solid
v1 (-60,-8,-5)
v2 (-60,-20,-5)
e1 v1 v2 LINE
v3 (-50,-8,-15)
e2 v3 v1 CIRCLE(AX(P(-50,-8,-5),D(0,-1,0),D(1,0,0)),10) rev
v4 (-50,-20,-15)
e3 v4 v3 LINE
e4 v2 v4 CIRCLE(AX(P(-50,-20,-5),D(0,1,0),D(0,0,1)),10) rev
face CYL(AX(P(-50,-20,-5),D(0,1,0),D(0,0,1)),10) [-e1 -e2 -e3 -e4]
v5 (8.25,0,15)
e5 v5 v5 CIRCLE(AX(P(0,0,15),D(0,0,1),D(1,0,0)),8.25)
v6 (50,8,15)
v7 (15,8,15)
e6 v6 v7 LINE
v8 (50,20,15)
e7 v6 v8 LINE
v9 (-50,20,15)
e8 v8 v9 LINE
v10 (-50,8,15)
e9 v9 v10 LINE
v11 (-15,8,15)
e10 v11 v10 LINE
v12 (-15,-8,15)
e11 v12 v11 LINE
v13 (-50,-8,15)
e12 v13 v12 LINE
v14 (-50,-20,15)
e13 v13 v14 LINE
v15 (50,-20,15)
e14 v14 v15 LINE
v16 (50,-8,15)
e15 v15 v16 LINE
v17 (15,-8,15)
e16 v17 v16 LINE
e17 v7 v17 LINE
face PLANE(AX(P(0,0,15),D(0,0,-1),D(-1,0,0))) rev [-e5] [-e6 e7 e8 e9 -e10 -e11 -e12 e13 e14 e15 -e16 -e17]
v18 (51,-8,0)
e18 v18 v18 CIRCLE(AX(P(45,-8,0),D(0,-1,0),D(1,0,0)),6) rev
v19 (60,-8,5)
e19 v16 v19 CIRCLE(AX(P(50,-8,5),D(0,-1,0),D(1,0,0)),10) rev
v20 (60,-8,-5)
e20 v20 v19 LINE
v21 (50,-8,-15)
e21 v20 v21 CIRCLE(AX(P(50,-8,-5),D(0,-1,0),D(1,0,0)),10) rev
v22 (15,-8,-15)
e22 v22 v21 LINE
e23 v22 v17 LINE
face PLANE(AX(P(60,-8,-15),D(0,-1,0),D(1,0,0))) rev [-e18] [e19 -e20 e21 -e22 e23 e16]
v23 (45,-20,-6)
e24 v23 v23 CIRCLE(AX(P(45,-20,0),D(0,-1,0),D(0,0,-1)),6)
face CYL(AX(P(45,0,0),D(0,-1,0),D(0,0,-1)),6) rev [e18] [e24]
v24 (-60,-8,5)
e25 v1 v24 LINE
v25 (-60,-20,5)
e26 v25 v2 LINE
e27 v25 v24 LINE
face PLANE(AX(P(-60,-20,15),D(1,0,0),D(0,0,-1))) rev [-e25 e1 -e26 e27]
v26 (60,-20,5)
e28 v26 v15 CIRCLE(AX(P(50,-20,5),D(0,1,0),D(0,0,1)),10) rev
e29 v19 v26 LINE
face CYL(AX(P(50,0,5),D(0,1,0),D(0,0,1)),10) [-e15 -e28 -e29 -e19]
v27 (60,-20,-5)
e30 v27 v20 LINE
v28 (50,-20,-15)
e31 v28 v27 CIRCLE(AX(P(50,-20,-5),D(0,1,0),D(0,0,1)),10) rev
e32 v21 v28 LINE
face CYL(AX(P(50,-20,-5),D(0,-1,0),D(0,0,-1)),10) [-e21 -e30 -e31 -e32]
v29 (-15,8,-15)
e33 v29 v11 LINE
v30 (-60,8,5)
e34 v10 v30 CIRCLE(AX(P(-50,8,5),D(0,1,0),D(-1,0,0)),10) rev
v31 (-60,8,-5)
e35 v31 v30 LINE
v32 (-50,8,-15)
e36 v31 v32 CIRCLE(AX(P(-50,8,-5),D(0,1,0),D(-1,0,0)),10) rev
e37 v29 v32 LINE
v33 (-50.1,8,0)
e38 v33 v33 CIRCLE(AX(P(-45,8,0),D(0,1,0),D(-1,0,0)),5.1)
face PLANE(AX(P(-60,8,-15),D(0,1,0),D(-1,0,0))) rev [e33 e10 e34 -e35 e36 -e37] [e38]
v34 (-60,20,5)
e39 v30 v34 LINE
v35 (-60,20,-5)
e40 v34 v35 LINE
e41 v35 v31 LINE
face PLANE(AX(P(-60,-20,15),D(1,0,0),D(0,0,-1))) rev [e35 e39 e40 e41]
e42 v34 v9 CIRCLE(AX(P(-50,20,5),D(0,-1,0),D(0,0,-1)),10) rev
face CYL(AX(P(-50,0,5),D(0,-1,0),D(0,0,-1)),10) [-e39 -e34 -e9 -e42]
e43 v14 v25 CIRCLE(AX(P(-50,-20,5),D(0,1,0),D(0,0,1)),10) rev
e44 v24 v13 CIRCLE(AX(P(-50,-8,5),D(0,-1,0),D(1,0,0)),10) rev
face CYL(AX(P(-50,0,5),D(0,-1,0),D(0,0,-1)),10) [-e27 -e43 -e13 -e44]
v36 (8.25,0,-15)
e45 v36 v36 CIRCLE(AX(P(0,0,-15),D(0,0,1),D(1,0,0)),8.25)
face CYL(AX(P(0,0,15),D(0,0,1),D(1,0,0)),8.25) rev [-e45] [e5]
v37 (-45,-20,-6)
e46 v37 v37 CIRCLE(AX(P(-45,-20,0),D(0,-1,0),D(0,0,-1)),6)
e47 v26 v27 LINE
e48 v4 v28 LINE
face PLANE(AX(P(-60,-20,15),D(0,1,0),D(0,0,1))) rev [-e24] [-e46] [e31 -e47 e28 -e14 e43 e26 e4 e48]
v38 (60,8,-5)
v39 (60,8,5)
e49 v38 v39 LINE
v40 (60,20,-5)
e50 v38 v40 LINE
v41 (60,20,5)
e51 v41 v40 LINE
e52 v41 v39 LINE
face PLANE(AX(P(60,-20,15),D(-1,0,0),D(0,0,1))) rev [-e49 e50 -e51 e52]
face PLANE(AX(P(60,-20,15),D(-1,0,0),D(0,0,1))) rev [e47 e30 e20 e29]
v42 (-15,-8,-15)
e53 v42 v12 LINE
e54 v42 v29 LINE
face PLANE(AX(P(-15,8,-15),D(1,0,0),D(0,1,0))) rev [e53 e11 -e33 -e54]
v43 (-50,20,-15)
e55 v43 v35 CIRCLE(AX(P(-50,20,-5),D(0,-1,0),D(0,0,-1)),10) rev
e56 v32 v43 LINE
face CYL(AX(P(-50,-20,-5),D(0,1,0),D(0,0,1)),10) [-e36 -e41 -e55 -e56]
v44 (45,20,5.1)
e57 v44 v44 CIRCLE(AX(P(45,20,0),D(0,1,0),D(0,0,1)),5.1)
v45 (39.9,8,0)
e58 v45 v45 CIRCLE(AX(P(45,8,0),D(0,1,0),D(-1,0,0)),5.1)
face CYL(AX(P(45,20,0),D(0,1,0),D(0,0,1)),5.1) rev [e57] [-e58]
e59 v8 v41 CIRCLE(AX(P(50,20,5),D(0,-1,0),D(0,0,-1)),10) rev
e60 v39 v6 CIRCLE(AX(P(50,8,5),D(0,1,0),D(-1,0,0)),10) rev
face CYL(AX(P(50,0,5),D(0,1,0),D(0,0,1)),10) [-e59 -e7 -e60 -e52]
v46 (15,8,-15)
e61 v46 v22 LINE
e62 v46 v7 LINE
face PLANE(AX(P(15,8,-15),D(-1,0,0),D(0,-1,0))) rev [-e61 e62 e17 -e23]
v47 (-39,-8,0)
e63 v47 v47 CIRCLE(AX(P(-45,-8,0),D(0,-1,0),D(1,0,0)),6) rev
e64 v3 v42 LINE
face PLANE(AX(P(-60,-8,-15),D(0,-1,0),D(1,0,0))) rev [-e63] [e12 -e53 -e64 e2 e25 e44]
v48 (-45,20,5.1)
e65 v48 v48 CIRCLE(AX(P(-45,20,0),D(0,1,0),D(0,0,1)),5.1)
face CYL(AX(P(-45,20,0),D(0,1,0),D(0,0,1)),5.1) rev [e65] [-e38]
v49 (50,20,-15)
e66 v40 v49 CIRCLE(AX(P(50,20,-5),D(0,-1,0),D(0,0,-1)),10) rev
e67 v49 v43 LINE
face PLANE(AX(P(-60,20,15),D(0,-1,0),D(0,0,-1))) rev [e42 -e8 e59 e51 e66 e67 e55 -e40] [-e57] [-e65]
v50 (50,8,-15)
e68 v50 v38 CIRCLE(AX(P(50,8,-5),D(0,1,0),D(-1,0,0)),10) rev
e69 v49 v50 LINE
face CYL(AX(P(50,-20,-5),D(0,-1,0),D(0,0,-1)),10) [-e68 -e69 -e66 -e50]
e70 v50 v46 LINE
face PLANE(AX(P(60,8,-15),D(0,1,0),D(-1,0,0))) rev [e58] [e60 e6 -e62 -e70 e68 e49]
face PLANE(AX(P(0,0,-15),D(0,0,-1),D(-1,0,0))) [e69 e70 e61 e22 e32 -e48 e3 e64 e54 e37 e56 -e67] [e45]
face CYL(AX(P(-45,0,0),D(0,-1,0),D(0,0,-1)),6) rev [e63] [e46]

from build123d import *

# Parameters (mm, degrees)
SKETCH_1_W              = 120
SKETCH_1_H              = 40
EXTRUDE_1_DEPTH         = 15
SKETCH_5_R              = 6
CUT_EXTRUDE_2_DEPTH     = 20
M18X1_5_1_D             = 16.5
SKETCH_8_W              = 45
SKETCH_8_H              = 16
CUT_EXTRUDE_3_DEPTH     = 31
FILLET_1_R              = 10
HOLE_WIZARD_M12_1_D     = 10.2
HOLE_WIZARD_M12_1_DEPTH = 15
HOLE_WIZARD_M12_1_TIP   = 3.064389157


with BuildPart() as part:
    # 草图1 → 凸台-拉伸1 (new body, symmetric)
    with BuildSketch(Plane.XY):
        Rectangle(SKETCH_1_W, SKETCH_1_H)
    extrude(amount=EXTRUDE_1_DEPTH, both=True)

    # 草图5 → 切除-拉伸2 (cut)
    with BuildSketch(Plane(origin=(0, -20, 0), x_dir=(-1, 0, 0), z_dir=(0, -1, 0))):
        with Locations((45, 0)):
            Circle(SKETCH_5_R)
        with Locations((-45, 0)):
            Circle(SKETCH_5_R)
    extrude(amount=-CUT_EXTRUDE_2_DEPTH, mode=Mode.SUBTRACT)

    # M18x1.5 螺纹孔1 (through all)
    with Locations(Plane.XY.offset(15)):
        with Locations((0, 0)):
            Hole(M18X1_5_1_D / 2)

    # 草图8 → 切除-拉伸3 (cut, through all)
    with BuildSketch(Plane.XY.offset(15)):
        with Locations((-37.5, 0)):
            Rectangle(SKETCH_8_W, SKETCH_8_H)
        with Locations((37.5, 0)):
            Rectangle(SKETCH_8_W, SKETCH_8_H)
    extrude(amount=-CUT_EXTRUDE_3_DEPTH, mode=Mode.SUBTRACT)

    # 圆角1
    fillet_1_edges = [part.edges().sort_by_distance(p)[0] for p in [
        (-60, 14, 15),
        (-60, -14, -15),
        (-60, -14, 15),
        (60, -14, 15),
        (60, 14, -15),
        (60, 14, 15),
        (-60, 14, -15),
        (60, -14, -15),
    ]]
    fillet(fillet_1_edges, radius=FILLET_1_R)

    # M12 螺纹孔1
    with Locations(Plane(origin=(0, 20, 0), x_dir=(1, 0, 0), z_dir=(0, 1, 0))):
        with Locations((-45, 0), (45, 0)):
            Hole(HOLE_WIZARD_M12_1_D / 2, depth=HOLE_WIZARD_M12_1_DEPTH)
            with Locations((0, 0, -(HOLE_WIZARD_M12_1_DEPTH + HOLE_WIZARD_M12_1_TIP / 2))):  # 118° drill point
                Cone(0, HOLE_WIZARD_M12_1_D / 2, HOLE_WIZARD_M12_1_TIP, mode=Mode.SUBTRACT)


solid = part.part
